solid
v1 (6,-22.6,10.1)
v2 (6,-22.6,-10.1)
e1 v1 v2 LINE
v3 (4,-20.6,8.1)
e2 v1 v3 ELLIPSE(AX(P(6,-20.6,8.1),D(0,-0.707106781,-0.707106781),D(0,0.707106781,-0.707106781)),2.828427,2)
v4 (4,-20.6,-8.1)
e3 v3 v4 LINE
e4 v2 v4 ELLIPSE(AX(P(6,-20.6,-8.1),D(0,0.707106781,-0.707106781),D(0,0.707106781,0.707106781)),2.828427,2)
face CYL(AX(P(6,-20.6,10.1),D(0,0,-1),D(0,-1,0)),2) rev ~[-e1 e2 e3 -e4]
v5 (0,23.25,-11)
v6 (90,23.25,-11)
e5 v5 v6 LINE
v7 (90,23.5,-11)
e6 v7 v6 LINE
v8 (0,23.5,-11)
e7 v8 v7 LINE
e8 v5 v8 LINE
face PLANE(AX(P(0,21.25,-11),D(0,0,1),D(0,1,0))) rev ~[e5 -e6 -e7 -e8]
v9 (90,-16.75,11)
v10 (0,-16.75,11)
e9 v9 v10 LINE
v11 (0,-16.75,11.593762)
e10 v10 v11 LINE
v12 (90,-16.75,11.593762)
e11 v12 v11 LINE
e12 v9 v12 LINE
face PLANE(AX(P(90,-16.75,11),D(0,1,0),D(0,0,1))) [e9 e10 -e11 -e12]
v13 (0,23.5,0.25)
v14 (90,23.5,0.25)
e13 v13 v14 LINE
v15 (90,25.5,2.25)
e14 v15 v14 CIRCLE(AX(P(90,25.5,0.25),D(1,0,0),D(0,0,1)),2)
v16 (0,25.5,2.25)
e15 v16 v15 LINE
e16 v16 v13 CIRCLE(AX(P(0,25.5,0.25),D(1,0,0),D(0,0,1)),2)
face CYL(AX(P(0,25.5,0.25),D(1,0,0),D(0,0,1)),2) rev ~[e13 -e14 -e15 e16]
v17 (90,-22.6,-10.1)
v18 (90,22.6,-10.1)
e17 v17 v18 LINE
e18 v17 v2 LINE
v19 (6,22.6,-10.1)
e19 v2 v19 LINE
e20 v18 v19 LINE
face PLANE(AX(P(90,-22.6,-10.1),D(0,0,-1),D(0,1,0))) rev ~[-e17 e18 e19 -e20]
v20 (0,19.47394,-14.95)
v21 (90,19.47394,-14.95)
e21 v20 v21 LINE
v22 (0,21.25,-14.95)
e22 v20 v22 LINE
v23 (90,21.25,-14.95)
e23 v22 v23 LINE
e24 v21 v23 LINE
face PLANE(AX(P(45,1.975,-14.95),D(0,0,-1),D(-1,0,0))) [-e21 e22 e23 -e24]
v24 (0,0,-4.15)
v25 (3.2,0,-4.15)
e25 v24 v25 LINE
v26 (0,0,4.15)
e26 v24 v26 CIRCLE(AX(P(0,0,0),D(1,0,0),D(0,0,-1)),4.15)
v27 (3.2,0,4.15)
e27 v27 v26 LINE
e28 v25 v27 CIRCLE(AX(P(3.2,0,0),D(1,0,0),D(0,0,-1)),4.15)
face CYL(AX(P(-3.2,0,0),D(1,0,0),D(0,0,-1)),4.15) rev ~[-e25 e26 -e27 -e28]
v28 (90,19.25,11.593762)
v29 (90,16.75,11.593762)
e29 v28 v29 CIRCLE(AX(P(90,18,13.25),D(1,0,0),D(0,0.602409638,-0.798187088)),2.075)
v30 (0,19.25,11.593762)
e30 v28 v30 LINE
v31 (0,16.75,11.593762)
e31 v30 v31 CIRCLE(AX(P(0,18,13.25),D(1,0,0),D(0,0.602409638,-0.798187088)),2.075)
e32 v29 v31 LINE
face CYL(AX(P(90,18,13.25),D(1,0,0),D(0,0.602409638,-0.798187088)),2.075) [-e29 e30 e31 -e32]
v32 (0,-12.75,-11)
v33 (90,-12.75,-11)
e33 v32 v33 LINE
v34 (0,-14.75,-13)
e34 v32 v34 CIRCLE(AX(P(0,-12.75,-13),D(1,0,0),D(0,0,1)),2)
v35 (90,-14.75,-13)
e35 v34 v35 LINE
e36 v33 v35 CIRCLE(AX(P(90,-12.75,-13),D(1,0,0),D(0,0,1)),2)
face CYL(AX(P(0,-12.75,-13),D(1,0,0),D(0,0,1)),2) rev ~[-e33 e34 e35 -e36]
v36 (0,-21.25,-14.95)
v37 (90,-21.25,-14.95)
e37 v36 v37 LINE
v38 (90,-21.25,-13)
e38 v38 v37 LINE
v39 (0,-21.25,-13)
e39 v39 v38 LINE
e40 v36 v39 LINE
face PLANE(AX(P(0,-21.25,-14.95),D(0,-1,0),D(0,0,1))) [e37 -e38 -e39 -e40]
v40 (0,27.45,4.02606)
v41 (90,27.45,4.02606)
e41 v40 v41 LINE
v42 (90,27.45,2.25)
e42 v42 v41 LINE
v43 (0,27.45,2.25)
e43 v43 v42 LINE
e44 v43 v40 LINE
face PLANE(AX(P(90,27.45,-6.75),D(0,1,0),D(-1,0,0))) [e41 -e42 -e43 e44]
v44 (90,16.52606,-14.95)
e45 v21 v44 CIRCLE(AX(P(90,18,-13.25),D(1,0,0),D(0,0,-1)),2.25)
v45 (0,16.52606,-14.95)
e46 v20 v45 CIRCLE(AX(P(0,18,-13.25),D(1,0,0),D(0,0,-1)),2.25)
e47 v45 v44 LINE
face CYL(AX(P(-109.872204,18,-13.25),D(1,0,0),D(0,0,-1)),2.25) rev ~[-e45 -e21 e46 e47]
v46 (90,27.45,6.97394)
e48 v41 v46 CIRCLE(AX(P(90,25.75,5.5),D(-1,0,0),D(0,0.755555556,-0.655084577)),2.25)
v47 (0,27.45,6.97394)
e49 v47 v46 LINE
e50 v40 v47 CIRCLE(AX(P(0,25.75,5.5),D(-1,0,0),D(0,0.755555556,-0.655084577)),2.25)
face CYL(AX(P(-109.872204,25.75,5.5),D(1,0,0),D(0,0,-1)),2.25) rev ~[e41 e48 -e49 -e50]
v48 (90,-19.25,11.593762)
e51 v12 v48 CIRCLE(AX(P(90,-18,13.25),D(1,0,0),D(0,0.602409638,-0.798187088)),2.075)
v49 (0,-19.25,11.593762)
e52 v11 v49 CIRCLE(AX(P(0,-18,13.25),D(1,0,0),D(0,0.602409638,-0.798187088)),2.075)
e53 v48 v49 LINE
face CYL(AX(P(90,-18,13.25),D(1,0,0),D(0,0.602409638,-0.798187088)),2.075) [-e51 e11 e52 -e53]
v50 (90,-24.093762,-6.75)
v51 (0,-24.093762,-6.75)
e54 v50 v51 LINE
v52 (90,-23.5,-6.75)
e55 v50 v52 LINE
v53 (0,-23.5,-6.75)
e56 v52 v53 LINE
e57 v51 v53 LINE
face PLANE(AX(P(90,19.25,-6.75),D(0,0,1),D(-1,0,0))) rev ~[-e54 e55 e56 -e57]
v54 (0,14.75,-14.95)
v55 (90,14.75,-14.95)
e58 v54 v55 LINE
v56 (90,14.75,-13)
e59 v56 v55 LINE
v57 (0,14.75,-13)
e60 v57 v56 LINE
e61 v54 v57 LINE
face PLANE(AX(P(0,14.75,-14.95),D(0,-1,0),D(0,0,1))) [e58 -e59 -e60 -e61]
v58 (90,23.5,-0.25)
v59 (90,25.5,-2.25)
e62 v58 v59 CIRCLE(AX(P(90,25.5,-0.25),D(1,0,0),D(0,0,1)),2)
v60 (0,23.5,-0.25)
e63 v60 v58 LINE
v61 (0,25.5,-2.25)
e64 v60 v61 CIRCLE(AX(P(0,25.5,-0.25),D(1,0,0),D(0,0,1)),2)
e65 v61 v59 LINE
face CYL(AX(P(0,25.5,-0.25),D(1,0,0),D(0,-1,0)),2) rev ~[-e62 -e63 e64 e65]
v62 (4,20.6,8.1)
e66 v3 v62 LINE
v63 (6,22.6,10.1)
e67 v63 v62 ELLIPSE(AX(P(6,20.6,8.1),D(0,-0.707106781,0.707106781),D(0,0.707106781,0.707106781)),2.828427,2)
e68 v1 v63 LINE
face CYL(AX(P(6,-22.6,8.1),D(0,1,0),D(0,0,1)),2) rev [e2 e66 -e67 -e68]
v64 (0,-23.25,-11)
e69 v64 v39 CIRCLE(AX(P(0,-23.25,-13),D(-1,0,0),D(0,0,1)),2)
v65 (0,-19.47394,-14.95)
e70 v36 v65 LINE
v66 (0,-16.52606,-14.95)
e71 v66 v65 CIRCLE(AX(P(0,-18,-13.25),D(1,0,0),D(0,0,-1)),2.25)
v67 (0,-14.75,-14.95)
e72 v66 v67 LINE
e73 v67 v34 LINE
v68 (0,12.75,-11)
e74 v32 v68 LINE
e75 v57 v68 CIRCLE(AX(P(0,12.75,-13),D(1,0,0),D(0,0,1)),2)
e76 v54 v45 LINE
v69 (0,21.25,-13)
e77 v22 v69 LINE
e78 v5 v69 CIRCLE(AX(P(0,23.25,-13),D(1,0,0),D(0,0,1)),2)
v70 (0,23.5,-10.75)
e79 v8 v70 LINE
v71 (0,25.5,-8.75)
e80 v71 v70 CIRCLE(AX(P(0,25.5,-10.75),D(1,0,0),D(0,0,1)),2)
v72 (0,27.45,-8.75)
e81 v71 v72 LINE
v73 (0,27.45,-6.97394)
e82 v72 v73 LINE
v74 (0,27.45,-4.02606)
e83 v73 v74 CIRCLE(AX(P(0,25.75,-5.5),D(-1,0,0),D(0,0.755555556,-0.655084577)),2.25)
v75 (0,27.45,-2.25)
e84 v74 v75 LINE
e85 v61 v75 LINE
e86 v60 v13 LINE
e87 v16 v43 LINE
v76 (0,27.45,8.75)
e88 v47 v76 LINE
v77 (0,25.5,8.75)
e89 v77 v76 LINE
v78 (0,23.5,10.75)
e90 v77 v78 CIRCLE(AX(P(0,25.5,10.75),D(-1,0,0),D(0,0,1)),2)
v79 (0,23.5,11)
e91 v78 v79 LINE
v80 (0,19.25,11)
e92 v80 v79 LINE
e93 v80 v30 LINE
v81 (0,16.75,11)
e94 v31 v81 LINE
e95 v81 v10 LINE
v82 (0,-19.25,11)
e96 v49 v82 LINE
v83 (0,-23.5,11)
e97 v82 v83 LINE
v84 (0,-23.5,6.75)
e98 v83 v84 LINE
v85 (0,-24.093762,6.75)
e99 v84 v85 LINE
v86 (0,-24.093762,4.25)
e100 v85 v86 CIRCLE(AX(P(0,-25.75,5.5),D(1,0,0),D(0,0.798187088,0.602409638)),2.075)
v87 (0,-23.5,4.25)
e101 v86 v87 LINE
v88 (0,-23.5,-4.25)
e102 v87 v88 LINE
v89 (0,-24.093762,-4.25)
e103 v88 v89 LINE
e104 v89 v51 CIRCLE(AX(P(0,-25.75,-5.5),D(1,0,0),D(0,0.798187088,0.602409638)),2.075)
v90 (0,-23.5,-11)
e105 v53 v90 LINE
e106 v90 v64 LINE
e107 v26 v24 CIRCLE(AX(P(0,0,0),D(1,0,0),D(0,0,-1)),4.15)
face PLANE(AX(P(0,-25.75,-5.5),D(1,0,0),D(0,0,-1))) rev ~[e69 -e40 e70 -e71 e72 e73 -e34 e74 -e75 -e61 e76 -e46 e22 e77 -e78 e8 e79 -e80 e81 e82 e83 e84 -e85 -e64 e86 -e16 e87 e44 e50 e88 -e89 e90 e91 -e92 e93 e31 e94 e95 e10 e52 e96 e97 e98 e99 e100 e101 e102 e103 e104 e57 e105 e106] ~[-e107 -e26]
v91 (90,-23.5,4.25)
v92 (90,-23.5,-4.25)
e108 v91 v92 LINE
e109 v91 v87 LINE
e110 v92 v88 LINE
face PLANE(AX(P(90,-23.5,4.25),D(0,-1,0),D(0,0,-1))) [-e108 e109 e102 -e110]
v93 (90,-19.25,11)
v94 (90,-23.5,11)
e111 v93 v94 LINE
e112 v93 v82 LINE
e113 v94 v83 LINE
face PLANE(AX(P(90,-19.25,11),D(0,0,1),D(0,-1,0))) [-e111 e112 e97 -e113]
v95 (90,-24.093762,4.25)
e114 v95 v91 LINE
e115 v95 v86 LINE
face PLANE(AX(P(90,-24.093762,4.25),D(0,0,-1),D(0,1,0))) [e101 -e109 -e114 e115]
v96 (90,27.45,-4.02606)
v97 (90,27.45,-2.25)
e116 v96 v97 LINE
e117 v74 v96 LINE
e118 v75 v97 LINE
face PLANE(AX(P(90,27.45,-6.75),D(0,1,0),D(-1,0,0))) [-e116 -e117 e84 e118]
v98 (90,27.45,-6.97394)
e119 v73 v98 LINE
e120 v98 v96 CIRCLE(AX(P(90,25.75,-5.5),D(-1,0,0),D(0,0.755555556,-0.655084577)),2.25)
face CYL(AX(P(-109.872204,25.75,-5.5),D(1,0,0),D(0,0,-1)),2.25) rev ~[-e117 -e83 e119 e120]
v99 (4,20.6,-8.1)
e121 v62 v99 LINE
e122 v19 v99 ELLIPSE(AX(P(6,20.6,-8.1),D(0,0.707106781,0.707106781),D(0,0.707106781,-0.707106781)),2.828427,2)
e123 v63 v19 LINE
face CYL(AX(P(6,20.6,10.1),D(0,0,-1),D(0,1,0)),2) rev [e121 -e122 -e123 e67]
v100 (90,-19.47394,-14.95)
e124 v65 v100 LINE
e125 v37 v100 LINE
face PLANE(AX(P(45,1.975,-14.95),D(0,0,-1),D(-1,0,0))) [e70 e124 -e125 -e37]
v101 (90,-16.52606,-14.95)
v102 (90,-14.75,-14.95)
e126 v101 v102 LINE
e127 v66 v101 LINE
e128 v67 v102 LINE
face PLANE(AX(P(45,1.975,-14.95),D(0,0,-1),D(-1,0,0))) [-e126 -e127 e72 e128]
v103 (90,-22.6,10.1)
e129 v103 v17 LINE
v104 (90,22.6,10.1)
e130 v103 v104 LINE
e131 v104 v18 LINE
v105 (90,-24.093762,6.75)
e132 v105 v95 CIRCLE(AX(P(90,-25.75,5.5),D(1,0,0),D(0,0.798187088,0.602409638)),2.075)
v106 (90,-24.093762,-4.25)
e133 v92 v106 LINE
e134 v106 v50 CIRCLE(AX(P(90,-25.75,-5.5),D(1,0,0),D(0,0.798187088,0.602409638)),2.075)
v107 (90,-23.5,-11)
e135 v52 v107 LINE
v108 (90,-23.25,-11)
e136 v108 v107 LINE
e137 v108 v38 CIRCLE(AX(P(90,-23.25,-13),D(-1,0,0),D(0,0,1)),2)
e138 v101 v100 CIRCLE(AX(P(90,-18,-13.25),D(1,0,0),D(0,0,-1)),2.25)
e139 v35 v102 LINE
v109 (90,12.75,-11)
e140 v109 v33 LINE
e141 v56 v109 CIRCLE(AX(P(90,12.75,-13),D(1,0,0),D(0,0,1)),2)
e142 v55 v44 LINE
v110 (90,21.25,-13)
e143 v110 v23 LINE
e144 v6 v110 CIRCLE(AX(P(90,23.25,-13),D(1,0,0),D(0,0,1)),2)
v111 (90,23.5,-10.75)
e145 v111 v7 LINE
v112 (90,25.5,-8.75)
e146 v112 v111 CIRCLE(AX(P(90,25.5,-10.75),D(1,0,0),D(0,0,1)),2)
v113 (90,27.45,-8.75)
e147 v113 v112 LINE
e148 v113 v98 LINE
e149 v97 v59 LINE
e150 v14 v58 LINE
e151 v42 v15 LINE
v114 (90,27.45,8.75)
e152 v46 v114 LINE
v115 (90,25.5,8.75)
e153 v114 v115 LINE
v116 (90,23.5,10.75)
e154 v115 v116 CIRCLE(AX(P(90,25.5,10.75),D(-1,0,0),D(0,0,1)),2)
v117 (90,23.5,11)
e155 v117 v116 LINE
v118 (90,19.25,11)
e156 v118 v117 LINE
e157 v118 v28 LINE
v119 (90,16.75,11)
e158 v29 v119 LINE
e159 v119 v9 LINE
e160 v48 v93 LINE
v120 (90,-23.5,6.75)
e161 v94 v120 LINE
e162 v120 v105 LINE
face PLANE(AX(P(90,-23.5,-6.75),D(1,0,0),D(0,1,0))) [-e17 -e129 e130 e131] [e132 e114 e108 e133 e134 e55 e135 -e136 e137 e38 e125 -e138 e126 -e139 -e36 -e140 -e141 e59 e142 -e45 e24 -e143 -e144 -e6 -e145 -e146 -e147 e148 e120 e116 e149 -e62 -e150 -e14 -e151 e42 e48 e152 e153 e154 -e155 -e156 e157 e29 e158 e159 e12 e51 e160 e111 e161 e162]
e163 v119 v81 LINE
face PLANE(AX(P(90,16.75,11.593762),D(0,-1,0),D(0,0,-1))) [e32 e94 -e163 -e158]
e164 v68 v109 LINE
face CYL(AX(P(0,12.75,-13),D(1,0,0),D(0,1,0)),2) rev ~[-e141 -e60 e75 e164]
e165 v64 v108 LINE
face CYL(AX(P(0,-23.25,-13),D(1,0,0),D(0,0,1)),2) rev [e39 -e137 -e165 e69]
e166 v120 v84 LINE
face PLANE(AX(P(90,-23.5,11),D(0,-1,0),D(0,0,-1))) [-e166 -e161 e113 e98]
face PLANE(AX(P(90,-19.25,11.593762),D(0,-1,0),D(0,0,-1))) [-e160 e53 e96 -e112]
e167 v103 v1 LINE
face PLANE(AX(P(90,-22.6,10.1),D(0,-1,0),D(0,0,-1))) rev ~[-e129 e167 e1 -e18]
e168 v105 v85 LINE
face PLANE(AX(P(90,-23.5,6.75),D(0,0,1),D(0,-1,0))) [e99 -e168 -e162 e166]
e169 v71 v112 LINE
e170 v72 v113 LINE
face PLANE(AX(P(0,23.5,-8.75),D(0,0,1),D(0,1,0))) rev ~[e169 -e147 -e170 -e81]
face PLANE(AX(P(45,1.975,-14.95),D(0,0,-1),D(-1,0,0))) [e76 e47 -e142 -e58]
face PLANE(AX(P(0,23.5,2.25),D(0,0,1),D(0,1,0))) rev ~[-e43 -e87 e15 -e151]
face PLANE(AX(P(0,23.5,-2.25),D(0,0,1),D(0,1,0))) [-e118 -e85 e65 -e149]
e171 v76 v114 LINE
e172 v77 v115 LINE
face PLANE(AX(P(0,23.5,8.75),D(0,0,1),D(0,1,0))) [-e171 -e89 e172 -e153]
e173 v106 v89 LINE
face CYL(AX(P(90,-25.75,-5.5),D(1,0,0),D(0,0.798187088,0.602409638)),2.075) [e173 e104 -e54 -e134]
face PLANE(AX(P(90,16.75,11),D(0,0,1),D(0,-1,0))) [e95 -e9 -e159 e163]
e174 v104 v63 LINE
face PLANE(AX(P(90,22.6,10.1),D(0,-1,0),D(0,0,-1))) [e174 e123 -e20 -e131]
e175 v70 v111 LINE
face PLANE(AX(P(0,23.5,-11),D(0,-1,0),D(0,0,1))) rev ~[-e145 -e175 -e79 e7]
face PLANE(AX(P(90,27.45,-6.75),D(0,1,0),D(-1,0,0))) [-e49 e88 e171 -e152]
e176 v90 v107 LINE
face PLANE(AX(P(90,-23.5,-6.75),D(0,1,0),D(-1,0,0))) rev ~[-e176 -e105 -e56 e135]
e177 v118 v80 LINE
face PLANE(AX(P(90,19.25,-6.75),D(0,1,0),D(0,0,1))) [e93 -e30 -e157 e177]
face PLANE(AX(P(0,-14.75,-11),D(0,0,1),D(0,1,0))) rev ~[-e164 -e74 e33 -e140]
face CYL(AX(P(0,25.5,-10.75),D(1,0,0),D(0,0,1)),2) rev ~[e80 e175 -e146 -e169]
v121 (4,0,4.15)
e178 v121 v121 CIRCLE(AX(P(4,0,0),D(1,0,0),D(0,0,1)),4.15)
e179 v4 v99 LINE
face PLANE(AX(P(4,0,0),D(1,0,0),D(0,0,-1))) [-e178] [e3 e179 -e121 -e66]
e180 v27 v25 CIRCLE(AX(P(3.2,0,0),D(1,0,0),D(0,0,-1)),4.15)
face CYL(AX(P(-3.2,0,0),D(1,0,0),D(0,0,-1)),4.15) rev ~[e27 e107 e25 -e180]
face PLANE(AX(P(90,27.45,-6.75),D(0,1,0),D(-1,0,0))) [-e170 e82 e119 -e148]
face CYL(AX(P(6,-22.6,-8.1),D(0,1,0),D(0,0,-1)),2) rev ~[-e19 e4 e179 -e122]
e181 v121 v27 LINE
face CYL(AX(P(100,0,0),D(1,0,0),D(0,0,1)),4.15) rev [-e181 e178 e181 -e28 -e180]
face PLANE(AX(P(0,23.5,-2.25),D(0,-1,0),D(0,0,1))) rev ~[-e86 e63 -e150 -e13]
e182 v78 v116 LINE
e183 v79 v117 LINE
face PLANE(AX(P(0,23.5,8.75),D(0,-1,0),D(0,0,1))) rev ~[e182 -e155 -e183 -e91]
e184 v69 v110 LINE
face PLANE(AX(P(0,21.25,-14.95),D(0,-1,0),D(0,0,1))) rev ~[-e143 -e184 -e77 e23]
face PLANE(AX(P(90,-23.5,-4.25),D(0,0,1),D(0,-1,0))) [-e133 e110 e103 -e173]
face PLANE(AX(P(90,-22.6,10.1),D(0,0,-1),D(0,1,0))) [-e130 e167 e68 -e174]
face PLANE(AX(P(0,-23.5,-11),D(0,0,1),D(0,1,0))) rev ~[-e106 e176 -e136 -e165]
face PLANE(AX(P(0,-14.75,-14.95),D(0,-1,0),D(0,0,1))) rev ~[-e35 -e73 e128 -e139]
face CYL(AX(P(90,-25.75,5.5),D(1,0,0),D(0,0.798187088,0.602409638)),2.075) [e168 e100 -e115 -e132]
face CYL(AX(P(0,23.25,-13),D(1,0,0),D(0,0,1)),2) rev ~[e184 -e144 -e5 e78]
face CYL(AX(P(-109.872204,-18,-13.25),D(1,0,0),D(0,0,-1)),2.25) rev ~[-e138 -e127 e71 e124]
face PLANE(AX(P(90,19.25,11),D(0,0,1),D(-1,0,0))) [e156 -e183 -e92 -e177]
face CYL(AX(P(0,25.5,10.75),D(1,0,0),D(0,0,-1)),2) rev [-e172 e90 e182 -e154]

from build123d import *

# Parameters (mm, degrees)
EXTRUDE_1_DEPTH             = 90
SKETCH_2_W                  = 90
SKETCH_2_H                  = 17.75
EXTRUDE_2_DEPTH             = 8.2
SKETCH_3_W                  = 90
SKETCH_3_H                  = 50.95
EXTRUDE_3_DEPTH             = 8.2
SKETCH_4_W                  = 3.95
SKETCH_4_H                  = 29.5
CUT_EXTRUDE_1_DEPTH         = 96.44153315
SKETCH_5_W                  = 3.95
SKETCH_5_H                  = 6.2
CUT_EXTRUDE_2_DEPTH         = 96.44153315
SKETCH_6_W                  = 2.25
SKETCH_6_H                  = 3.95
CUT_EXTRUDE_3_DEPTH         = 96.44153315
SKETCH_7_W                  = 4.5
SKETCH_7_H                  = 3.95
CUT_EXTRUDE_4_DEPTH         = 96.44153315
SKETCH_8_W                  = 2.25
SKETCH_8_H                  = 3.95
CUT_EXTRUDE_5_DEPTH         = 96.44153315
SKETCH_9_W                  = 3.95
SKETCH_9_H                  = 2.25
CUT_EXTRUDE_6_DEPTH         = 96.44153315
SKETCH_10_W                 = 20.2
SKETCH_10_H                 = 45.2
CUT_EXTRUDE_7_DEPTH         = 86
HOLE_WIZARD_2_5_2_5_1_D     = 2.5
HOLE_WIZARD_4_5_4_5_1_D     = 4.5
HOLE_WIZARD_8_3_8_3_1_D     = 8.3
HOLE_WIZARD_8_3_8_3_1_DEPTH = 3.2
FILLET_1_R                  = 2
FILLET_2_R                  = 2
EXTRUDE_START               = -90
SKETCH_17_R                 = 1.25
EXTRUDE_4_DEPTH             = 90
CUT_EXTRUDE_START           = -100
SKETCH_18_R                 = 4.15
CUT_EXTRUDE_8_DEPTH         = 100


with BuildPart() as part:
    # Эскиз1 → Бобышка-Вытянуть1 (new body)
    with BuildSketch(Plane(origin=(90, 0, 0), x_dir=(0, 0, -1), z_dir=(1, 0, 0))):
        with BuildLine():
            Line((6.75, -24.093761792), (6.75, 19.25))
            Line((6.75, 19.25), (-11.593761792, 19.25))
            ThreePointArc((-11.593761792, 19.25), (-15.325, 18), (-11.593761792, 16.75))
            Line((-11.593761792, 16.75), (-11, 16.75))
            Line((-11, 16.75), (-11, -16.75))
            Line((-11, -16.75), (-11.593761792, -16.75))
            ThreePointArc((-11.593761792, -16.75), (-15.325, -18), (-11.593761792, -19.25))
            Line((-11.593761792, -19.25), (-11, -19.25))
            Line((-11, -19.25), (-11, -23.5))
            Line((-11, -23.5), (-6.75, -23.5))
            Line((-6.75, -23.5), (-6.75, -24.093761792))
            ThreePointArc((-6.75, -24.093761792), (-5.5, -27.825), (-4.25, -24.093761792))
            Line((-4.25, -24.093761792), (-4.25, -23.5))
            Line((-4.25, -23.5), (4.25, -23.5))
            Line((4.25, -23.5), (4.25, -24.093761792))
            ThreePointArc((4.25, -24.093761792), (5.5, -27.825), (6.75, -24.093761792))
        make_face()
    extrude(amount=-EXTRUDE_1_DEPTH)

    # Эскиз2 → Бобышка-Вытянуть2 (add)
    with BuildSketch(Plane(origin=(0, 19.25, 0), x_dir=(-1, 0, 0), z_dir=(0, 1, 0))):
        with Locations((-45, 2.125)):
            Rectangle(SKETCH_2_W, SKETCH_2_H)
    extrude(amount=EXTRUDE_2_DEPTH)

    # Эскиз3 → Бобышка-Вытянуть3 (add)
    with BuildSketch(Plane(origin=(0, 0, -6.75), x_dir=(-1, 0, 0), z_dir=(0, 0, -1))):
        with Locations((-45, 1.975)):
            Rectangle(SKETCH_3_W, SKETCH_3_H)
    extrude(amount=EXTRUDE_3_DEPTH)

    # Эскиз4 → Вырез-Вытянуть1 (cut, through all)
    with BuildSketch(Plane.ZY):
        with Locations((-12.975, 0)):
            Rectangle(SKETCH_4_W, SKETCH_4_H)
    extrude(amount=-CUT_EXTRUDE_1_DEPTH, mode=Mode.SUBTRACT)

    # Эскиз5 → Вырез-Вытянуть2 (cut, through all)
    with BuildSketch(Plane.ZY):
        with Locations((-12.975, 24.35)):
            Rectangle(SKETCH_5_W, SKETCH_5_H)
    extrude(amount=-CUT_EXTRUDE_2_DEPTH, mode=Mode.SUBTRACT)

    # Эскиз6 → Вырез-Вытянуть3 (cut, through all)
    with BuildSketch(Plane.ZY):
        with Locations((-9.875, 25.475)):
            Rectangle(SKETCH_6_W, SKETCH_6_H)
    extrude(amount=-CUT_EXTRUDE_3_DEPTH, mode=Mode.SUBTRACT)

    # Эскиз7 → Вырез-Вытянуть4 (cut, through all)
    with BuildSketch(Plane.ZY):
        with Locations((0, 25.475)):
            Rectangle(SKETCH_7_W, SKETCH_7_H)
    extrude(amount=-CUT_EXTRUDE_4_DEPTH, mode=Mode.SUBTRACT)

    # Эскиз8 → Вырез-Вытянуть5 (cut, through all)
    with BuildSketch(Plane.ZY):
        with Locations((9.875, 25.475)):
            Rectangle(SKETCH_8_W, SKETCH_8_H)
    extrude(amount=-CUT_EXTRUDE_5_DEPTH, mode=Mode.SUBTRACT)

    # Эскиз9 → Вырез-Вытянуть6 (cut, through all)
    with BuildSketch(Plane.ZY):
        with Locations((-12.975, -22.375)):
            Rectangle(SKETCH_9_W, SKETCH_9_H)
    extrude(amount=-CUT_EXTRUDE_6_DEPTH, mode=Mode.SUBTRACT)

    # Эскиз10 → Вырез-Вытянуть7 (cut)
    with BuildSketch(Plane(origin=(90, 0, 0), x_dir=(0, 0, -1), z_dir=(1, 0, 0))):
        Rectangle(SKETCH_10_W, SKETCH_10_H)
    extrude(amount=-CUT_EXTRUDE_7_DEPTH, mode=Mode.SUBTRACT)

    # Диаметр отверстия Ø2.5 (2.5)1 (through all)
    with Locations(Plane(origin=(90, 0, 0), x_dir=(0, 0, -1), z_dir=(1, 0, 0))):
        with Locations((5.5, -25.75), (-13.25, -18), (-5.5, -25.75), (-13.25, 18)):
            Hole(HOLE_WIZARD_2_5_2_5_1_D / 2)

    # Диаметр отверстия Ø4.5 (4.5)1 (through all)
    with Locations(Plane.ZY):
        with Locations((-13.25, -18), (-13.25, 18), (-5.5, 25.75), (5.5, 25.75)):
            Hole(HOLE_WIZARD_4_5_4_5_1_D / 2)

    # Диаметр отверстия Ø8.3 (8.3)1
    with Locations(Plane.ZY):
        with Locations((0, 0)):
            Hole(HOLE_WIZARD_8_3_8_3_1_D / 2, depth=HOLE_WIZARD_8_3_8_3_1_DEPTH)

    # Скругление1
    fillet_1_edges = [part.edges().sort_by_distance(p)[0] for p in [
        (45, 23.5, 8.75),
    ]]
    fillet(fillet_1_edges, radius=FILLET_1_R)

    # Скругление2
    fillet_2_edges = [part.edges().sort_by_distance(p)[0] for p in [
        (45, 23.5, -8.75),
        (45, 23.5, 2.25),
        (45, 23.5, -2.25),
        (45, -21.25, -11),
        (4, 0, -10.1),
        (4, -22.6, 0),
        (4, 0, 10.1),
        (4, 22.6, 0),
        (45, 14.75, -11),
        (45, -14.75, -11),
        (45, 21.25, -11),
    ]]
    fillet(fillet_2_edges, radius=FILLET_2_R)

    # Эскиз17 → Бобышка-Вытянуть4 (add)
    with BuildSketch(Plane(origin=(90, 0, 0), x_dir=(0, 0, -1), z_dir=(1, 0, 0)).offset(EXTRUDE_START)):
        with Locations((5.5, -25.75)):
            Circle(SKETCH_17_R)
        with Locations((-5.5, -25.75)):
            Circle(SKETCH_17_R)
        with Locations((-13.25, -18)):
            Circle(SKETCH_17_R)
        with Locations((-13.25, 18)):
            Circle(SKETCH_17_R)
    extrude(amount=EXTRUDE_4_DEPTH)

    # Эскиз18 → Вырез-Вытянуть8 (cut)
    with BuildSketch(Plane.ZY.offset(CUT_EXTRUDE_START)):
        Circle(SKETCH_18_R)
    extrude(amount=CUT_EXTRUDE_8_DEPTH, mode=Mode.SUBTRACT)


solid = part.part
